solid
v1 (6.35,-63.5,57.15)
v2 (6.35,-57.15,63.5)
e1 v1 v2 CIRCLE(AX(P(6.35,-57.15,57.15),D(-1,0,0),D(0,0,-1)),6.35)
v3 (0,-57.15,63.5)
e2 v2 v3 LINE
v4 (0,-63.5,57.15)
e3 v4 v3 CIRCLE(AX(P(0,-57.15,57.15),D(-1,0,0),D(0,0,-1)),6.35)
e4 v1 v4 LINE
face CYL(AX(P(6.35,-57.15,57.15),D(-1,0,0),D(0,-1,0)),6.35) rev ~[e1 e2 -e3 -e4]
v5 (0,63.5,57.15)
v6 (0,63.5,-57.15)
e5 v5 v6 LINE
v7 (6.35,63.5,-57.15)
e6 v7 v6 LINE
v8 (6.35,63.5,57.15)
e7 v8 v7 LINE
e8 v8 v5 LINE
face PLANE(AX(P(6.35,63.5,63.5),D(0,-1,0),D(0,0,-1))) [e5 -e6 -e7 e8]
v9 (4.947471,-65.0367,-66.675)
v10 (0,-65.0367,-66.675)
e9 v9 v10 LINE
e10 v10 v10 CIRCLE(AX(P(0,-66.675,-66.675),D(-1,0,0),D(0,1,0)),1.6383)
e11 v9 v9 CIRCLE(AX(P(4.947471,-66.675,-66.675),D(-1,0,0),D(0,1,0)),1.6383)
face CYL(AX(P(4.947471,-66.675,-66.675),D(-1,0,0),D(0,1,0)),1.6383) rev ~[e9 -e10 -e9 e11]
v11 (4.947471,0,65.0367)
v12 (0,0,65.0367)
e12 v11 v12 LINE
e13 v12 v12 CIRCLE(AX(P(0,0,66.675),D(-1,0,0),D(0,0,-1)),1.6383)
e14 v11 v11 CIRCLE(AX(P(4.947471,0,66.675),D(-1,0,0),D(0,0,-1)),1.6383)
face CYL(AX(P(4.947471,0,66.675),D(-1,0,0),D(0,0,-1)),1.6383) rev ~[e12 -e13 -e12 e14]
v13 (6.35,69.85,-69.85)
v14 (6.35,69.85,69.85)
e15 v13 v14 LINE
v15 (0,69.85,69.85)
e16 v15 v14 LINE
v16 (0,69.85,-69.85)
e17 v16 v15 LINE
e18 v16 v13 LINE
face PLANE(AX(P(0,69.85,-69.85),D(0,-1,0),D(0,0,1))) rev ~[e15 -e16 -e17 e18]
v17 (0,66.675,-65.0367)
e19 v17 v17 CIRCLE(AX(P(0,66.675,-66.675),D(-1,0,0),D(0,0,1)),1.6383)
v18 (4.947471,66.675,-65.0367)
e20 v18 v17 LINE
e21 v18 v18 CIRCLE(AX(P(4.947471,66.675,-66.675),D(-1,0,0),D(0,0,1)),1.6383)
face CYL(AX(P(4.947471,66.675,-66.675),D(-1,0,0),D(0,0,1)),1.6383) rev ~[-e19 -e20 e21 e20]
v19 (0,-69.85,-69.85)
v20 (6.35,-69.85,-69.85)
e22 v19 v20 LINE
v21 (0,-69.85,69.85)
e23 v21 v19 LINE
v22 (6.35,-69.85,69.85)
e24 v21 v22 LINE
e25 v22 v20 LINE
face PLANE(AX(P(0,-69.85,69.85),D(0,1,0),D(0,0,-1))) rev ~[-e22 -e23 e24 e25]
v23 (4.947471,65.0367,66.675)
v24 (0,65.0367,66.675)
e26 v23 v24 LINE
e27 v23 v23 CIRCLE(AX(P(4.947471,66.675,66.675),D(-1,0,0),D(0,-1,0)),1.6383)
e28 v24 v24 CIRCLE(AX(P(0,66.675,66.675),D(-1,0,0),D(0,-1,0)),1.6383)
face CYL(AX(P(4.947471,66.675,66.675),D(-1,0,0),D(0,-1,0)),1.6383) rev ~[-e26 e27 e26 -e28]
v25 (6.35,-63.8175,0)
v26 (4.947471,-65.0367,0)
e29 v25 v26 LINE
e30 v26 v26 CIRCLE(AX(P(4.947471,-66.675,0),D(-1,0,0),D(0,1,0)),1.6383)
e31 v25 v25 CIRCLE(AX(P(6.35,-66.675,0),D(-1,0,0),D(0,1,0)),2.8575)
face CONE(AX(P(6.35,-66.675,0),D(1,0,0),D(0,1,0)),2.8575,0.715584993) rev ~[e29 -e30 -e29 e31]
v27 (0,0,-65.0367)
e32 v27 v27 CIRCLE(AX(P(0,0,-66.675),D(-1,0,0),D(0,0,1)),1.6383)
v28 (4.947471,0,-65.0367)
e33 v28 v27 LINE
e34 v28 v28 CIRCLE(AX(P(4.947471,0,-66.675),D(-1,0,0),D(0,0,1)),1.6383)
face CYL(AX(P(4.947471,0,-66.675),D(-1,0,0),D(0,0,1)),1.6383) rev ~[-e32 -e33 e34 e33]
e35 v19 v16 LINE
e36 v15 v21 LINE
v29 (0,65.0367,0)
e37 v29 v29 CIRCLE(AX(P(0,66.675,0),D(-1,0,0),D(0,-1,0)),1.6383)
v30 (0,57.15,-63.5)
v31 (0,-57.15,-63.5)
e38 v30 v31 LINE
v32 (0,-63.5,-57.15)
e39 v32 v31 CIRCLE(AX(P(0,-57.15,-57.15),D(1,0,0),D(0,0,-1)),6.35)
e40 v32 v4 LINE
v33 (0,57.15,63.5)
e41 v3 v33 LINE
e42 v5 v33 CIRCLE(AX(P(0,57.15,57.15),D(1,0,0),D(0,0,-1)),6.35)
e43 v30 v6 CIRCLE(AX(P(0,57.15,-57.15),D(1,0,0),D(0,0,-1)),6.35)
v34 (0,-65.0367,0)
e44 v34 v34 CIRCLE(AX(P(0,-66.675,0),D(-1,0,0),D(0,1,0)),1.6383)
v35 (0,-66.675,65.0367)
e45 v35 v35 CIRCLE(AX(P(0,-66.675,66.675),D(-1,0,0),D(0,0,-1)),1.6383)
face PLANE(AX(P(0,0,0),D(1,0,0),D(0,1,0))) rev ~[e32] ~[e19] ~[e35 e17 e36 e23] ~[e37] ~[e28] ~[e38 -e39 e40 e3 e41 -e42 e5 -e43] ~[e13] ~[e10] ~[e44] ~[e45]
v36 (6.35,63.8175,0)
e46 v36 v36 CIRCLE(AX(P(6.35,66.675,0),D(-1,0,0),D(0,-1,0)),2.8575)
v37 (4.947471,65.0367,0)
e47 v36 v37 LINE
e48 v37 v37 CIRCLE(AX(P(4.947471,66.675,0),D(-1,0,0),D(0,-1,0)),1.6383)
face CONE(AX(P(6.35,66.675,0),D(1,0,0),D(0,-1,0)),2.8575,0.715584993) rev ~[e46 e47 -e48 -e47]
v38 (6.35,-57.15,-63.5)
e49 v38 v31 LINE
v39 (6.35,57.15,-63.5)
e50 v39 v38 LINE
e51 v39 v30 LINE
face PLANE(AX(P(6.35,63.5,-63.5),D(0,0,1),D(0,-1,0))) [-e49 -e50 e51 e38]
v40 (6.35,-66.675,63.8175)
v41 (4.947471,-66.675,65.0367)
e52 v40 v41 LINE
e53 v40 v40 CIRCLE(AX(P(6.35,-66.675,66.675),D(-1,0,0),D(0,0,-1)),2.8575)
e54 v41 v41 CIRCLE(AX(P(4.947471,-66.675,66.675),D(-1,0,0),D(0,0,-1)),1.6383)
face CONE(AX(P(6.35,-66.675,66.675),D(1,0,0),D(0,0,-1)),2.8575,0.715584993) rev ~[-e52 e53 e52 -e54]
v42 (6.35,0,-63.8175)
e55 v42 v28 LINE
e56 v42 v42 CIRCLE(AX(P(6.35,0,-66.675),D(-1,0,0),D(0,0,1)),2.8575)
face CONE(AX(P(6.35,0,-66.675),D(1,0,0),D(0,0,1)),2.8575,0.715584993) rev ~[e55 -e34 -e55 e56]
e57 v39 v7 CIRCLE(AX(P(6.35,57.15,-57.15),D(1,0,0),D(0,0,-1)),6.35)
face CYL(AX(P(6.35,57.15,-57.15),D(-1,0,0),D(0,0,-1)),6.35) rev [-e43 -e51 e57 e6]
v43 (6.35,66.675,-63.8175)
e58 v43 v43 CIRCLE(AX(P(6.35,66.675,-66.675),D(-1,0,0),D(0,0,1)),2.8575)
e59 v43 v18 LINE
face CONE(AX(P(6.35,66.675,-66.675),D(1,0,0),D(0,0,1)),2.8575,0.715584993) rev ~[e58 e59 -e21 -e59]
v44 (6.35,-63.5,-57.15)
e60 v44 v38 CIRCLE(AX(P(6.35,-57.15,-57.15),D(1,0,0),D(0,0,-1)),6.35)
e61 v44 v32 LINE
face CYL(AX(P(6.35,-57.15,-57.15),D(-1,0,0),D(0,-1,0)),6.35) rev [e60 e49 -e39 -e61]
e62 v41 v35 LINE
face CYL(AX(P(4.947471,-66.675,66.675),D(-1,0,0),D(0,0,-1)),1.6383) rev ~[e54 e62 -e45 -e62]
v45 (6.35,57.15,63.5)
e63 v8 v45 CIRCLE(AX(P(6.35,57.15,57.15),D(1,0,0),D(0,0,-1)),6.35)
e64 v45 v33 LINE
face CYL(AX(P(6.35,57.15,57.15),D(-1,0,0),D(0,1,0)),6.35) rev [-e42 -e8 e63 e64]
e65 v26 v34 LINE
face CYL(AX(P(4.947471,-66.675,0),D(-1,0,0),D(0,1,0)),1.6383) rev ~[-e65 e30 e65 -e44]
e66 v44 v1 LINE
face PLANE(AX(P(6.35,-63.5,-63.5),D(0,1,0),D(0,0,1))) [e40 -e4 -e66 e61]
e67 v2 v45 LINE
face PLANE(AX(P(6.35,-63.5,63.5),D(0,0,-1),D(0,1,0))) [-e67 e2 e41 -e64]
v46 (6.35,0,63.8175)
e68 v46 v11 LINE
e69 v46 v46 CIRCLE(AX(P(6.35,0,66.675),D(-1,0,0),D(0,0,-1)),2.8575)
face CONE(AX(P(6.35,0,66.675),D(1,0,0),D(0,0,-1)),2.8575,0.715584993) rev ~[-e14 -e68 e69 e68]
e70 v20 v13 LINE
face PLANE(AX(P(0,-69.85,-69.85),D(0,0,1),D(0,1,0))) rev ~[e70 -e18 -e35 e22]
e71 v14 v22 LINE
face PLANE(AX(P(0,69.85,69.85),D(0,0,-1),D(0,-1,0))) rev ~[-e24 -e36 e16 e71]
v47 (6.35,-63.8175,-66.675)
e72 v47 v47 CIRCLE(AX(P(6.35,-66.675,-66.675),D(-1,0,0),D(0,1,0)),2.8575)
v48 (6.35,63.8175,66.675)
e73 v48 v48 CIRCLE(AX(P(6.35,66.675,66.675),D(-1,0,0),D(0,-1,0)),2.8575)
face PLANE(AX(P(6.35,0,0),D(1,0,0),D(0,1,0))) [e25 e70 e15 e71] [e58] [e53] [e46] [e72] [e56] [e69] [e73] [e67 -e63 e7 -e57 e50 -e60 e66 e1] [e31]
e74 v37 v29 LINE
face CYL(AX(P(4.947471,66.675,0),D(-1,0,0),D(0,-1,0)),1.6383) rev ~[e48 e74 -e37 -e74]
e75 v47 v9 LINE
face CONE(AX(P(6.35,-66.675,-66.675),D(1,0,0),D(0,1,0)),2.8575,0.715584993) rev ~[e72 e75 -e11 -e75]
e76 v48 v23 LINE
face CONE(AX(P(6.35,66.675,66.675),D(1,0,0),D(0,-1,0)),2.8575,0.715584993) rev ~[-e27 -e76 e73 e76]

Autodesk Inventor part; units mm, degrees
ref_plane "YZ Plane" through (0, 0, 0) normal (1, 0, 0) x (0, 1, 0)
ref_plane "XZ Plane" through (0, 0, 0) normal (0, 1, 0) x (-1, 0, 0)
ref_plane "XY Plane" through (0, 0, 0) normal (0, 0, 1) x (1, 0, 0)
sketch "Sketch1" plane through (0, 0, 0) normal (1, 0, 0) x (0, 1, 0)
  line L0 (-69.85, -69.85) -> (69.85, -69.85)
  line L1 (69.85, -69.85) -> (69.85, 69.85)
  line L2 (69.85, 69.85) -> (-69.85, 69.85)
  line L3 (-69.85, 69.85) -> (-69.85, -69.85)
  line L4 (-69.85, -69.85) -> (69.85, 69.85) construction
  line L5 (69.85, -69.85) -> (-69.85, 69.85) construction
  point P0 (0, 0)
  dimension "d0" = 139.7
  dimension "d1" = 139.7
extrude "Extrusion1" add sketch "Sketch1" along normal blind 6.35
sketch "Sketch6" plane through (6.35, 0, 0) normal (1, 0, 0) x (0, 0, -1)
  line L0 (69.85, -69.85) -> (69.85, 69.85) projected
  line L1 (69.85, 69.85) -> (-69.85, 69.85) projected
  line L2 (-69.85, 69.85) -> (-69.85, -69.85) projected
  line L3 (-69.85, -69.85) -> (69.85, -69.85) projected
  point P0 (0, 0)
  point P1 (-66.675, -66.675)
  point P2 (-66.675, 0)
  dimension "d45" = 3.175
  dimension "d46" = 3.175
  dimension "d61" = 69.85
hole "Hole4" at (6.35, -66.675, 66.675) at (6.35, 0, 66.675) direction (-1, 0, 0) diameter 3.2766 end through all countersink diameter 5.715 countersink angle 82 clearance for "Flat Head Machine Screw (82)" size "#4" standard "Ansi Unified Screw Threads"
pattern_circular "Circular Pattern1" count 4 over 360 about axis through (-10, 0, 0) along (1, 0, 0) of "Hole4"
sketch "Sketch7" plane through (6.35, 0, 0) normal (1, 0, 0) x (0, 0, -1)
  circle A0 centre (-66.675, 66.675) radius 2.8575 projected
  circle A1 centre (66.675, 66.675) radius 2.8575 projected
  circle A2 centre (66.675, -66.675) radius 2.8575 projected
  circle A3 centre (-66.675, -66.675) radius 2.8575 projected
  line L0 (69.85, -69.85) -> (69.85, 69.85) projected
  line L1 (69.85, 69.85) -> (-69.85, 69.85) projected
  line L2 (-69.85, 69.85) -> (-69.85, -69.85) projected
  line L3 (-69.85, -69.85) -> (69.85, -69.85) projected
  line L4 (-63.5, -63.5) -> (-63.5, 63.5)
  line L5 (-63.5, 63.5) -> (63.5, 63.5)
  line L6 (63.5, 63.5) -> (63.5, -63.5)
  line L7 (63.5, -63.5) -> (-63.5, -63.5)
  point P0 (0, 0)
  dimension "d57" = 6.35
extrude "Extrusion3" cut sketch "Sketch7" against normal through all contours L4 L5 L6 L7
fillet "Fillet1" radius 6.35 4 edges at (3.175, -63.5, -63.5) (3.175, 63.5, 63.5) (3.175, -63.5, 63.5) (3.175, 63.5, -63.5)
equation "\"d0\" = width + 2 * plasticThickness"
equation "\"d1\" = height + 2 * plasticThickness"
equation "\"d2\" = caseThickness"
equation "\"d45\" = 0.5 * caseThickness"
equation "\"d46\" = 0.5 * caseThickness"
equation "\"d61\" = 0.5 * width + caseThickness"
equation "\"d57\" = caseThickness"
equation "\"d60\" = caseThickness"
equation "\"height\" = 127"
equation "\"width\" = 127"
equation "\"plasticThickness\" = 6.35"
equation "\"caseThickness\" = 6.35"
equation "\"alignmentGrooveDepth\" = 1.5875"
equation "\"alignmentGrooveClearance\" = 0.1016"
equation "\"aerogelHolderDepth\" = 49.022"
equation "\"depth\" = 203.2"
equation "\"mirrorAngle\" = 2.5deg"
equation "\"mirrorThickness\" = 3.175"
equation "\"fresnelThickness\" = 0.254"
equation "\"focalLength\" = 152.4"
equation "\"ior\" = 1.49"
equation "\"centerThickness\" = 1.27"
equation "\"fresnelAngle\" = 90deg"
equation "\"fresnelEffectiveDiameter\" = 152.4"
equation "\"frontPanelThickness\" = 1.5875"
equation "\"fresnelGrooveWidth\" = 1.778"
properties part number "frontClamp" material "Aluminum 6061"
